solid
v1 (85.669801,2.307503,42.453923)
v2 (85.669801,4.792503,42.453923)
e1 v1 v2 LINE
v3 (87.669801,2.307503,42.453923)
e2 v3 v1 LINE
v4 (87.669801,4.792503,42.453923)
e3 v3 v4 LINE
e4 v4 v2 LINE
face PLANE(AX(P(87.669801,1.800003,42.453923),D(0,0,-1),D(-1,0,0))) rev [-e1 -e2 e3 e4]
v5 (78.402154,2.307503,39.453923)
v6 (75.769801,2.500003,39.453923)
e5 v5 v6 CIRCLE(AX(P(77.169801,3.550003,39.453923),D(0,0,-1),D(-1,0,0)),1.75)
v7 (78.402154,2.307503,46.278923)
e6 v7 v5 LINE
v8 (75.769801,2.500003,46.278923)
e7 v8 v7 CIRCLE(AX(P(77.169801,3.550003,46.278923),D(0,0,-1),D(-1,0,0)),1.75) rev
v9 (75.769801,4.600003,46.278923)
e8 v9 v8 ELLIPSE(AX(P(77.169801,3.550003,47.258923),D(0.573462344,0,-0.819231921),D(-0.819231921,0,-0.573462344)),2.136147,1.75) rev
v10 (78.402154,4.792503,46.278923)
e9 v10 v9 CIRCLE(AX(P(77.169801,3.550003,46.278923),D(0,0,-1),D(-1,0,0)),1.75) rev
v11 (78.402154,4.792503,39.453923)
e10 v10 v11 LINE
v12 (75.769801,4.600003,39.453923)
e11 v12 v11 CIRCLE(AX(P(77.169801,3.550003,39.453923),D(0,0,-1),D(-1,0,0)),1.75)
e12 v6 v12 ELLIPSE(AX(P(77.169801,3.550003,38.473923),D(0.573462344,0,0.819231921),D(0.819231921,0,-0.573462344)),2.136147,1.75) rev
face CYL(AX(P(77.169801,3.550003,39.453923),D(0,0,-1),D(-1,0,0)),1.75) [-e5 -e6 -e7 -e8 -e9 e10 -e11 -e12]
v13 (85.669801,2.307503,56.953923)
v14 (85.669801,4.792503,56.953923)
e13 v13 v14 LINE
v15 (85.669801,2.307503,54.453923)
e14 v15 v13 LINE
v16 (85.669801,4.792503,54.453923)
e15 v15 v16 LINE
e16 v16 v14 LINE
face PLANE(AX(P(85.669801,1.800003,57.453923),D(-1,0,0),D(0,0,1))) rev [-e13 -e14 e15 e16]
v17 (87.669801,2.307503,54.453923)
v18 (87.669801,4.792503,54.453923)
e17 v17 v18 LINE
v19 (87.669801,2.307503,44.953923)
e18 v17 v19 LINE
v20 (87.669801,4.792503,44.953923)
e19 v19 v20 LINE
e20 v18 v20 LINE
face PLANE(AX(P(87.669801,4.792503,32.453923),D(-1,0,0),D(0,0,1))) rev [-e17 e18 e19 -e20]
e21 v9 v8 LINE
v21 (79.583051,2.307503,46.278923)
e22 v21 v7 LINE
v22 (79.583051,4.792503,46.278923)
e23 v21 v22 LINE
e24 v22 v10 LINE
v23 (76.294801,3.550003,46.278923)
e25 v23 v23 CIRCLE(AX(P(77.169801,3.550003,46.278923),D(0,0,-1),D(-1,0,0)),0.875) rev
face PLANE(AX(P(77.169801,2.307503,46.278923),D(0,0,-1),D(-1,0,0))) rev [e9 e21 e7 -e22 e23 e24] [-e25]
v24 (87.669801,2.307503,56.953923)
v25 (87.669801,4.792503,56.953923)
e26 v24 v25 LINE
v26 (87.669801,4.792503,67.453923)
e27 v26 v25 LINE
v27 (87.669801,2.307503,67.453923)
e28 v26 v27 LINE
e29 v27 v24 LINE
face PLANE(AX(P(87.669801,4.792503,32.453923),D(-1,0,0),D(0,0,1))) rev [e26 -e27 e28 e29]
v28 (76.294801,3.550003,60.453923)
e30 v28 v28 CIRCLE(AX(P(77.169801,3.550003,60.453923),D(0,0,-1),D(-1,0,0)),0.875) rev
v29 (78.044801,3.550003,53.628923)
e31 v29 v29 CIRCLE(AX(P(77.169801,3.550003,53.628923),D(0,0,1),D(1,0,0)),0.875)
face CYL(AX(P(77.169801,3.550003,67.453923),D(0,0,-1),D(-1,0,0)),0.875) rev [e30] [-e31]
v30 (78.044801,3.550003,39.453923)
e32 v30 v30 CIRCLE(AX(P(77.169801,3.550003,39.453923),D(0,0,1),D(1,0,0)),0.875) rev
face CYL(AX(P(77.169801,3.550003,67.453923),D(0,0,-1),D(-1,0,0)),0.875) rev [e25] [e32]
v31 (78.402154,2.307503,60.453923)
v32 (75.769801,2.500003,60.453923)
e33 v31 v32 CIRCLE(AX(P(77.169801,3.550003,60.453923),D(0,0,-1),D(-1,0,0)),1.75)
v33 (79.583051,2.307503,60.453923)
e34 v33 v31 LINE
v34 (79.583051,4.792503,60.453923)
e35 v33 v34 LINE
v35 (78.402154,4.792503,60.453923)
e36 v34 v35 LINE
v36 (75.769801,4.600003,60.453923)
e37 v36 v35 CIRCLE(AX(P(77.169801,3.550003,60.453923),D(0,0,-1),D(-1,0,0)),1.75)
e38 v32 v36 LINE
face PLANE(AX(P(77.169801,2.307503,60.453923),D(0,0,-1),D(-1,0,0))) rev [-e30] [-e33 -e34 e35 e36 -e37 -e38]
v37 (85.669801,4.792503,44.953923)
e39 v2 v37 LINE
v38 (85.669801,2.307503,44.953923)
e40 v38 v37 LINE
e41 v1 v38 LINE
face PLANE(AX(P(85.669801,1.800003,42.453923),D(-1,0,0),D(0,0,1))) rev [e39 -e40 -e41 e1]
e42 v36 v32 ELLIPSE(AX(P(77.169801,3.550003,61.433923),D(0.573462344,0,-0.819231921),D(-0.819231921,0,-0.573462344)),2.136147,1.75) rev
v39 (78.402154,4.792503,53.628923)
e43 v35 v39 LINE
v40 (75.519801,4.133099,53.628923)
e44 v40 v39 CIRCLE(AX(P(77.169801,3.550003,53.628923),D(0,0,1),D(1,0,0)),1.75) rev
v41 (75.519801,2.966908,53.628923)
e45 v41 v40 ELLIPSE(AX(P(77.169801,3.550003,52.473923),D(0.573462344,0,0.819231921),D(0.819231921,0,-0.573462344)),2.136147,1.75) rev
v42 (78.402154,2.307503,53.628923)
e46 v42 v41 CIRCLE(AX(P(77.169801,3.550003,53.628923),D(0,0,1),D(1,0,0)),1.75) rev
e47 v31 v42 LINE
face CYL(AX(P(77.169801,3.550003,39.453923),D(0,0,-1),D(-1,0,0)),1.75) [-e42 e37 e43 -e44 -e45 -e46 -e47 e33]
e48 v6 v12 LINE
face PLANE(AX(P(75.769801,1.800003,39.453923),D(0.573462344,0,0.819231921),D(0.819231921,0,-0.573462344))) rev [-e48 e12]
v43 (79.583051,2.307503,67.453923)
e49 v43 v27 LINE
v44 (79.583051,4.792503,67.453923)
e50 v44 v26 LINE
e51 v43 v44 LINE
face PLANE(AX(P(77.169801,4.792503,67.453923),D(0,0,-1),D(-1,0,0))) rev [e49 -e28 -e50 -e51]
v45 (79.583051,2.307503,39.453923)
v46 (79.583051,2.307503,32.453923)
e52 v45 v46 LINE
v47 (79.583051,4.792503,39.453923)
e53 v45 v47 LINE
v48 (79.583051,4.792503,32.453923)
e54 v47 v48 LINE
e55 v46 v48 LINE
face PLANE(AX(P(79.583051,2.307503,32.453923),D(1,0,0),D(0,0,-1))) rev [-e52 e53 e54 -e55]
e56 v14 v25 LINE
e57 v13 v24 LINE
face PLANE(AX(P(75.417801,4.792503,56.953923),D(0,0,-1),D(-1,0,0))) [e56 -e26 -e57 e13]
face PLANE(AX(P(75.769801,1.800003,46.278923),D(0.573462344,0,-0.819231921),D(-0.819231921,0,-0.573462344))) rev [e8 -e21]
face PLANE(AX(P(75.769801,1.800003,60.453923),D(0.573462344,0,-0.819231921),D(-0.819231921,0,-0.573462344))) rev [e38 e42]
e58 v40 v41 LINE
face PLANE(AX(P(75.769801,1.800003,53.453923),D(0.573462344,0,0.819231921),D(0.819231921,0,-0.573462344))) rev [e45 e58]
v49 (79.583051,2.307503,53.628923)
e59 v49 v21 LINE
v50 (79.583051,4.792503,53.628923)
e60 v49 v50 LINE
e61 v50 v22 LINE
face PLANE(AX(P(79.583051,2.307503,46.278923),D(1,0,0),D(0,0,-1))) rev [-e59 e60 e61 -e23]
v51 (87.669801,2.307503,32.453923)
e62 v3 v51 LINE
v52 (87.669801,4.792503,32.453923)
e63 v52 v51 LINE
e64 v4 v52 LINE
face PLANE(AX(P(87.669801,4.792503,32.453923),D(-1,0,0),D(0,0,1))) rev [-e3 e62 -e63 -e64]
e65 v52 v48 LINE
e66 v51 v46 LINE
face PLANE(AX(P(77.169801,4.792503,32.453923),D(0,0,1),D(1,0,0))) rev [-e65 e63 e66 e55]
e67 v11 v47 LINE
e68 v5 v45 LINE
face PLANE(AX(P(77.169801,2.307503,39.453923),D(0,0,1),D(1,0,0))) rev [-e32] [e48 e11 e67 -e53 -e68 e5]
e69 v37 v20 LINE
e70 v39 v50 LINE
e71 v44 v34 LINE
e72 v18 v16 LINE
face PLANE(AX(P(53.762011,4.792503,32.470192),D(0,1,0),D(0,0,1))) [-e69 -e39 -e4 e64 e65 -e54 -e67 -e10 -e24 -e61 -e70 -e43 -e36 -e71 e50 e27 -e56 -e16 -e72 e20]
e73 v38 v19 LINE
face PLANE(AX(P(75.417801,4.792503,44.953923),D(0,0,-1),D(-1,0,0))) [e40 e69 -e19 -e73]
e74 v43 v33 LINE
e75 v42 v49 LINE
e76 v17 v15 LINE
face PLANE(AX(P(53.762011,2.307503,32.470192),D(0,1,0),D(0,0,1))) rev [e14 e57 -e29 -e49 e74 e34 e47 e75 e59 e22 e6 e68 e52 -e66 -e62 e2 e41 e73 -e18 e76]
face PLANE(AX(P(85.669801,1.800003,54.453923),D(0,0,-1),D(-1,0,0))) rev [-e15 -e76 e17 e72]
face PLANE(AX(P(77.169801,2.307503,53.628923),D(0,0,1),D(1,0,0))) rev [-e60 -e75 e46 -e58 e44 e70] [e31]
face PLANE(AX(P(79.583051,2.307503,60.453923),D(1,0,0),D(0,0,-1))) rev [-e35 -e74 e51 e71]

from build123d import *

# Parameters (mm, degrees)
SKETCH5_W                = 30
SKETCH5_H                = 100
BOSS_EXTRUDE2_DEPTH      = 7.1
SKETCH7_W                = 6.895
SKETCH7_H                = 20
SKETCH7_H_2              = 21
CUT_EXTRUDE2_DEPTH       = 140.379819119
SKETCH8_W                = 60
SKETCH8_H                = 5
SPLIT2_SURFACE_1_BACK    = 107.419
SPLIT2_SURFACE_1_DEPTH   = 214.838
SKETCH10_R               = 2.5
CUT_EXTRUDE5_DEPTH       = 20
CUT_EXTRUDE5_DEPTH_BACK  = 67
CUT_EXTRUDE7_DEPTH       = 140.461200617
CUT_EXTRUDE7_DEPTH_BACK  = 140.461200617
SKETCH41_W               = 15.603241914
SKETCH41_H               = 21
CUT_EXTRUDE9_DEPTH       = 140.461200617
CUT_EXTRUDE9_DEPTH_BACK  = 140.461200617
SCALE1_SCALE             = 0.35
SKETCH46_W               = 2
SKETCH46_H               = 3
CUT_EXTRUDE10_DEPTH      = 111.657018213
CUT_EXTRUDE10_DEPTH_BACK = 111.657018213
BOSS_EXTRUDE3_REACH      = 70.762
SKETCH47_W               = 0.5
SKETCH47_H               = 2.485


with BuildPart() as part:
    # Sketch5 → Boss-Extrude2 (new body)
    with BuildSketch(Plane(origin=(0, 0, 0), x_dir=(1, 0, 0), z_dir=(0, 1, 0))):
        with Locations((81.879400831, -49.953517558)):
            Rectangle(SKETCH5_W, SKETCH5_H)
    extrude(amount=BOSS_EXTRUDE2_DEPTH)

    # Sketch7 → Cut-Extrude2 (cut, through all)
    with BuildSketch(Plane(origin=(0, 7.1, 0), x_dir=(1, 0, 0), z_dir=(0, 1, 0))):
        with Locations((70.326900831, -9.953517558)):
            Rectangle(SKETCH7_W, SKETCH7_H)
        with Locations((70.326900831, -49.953517558)):
            Rectangle(SKETCH7_W, SKETCH7_H_2)
        with Locations((70.326900831, -89.953517558)):
            Rectangle(SKETCH7_W, SKETCH7_H)
    extrude(amount=-CUT_EXTRUDE2_DEPTH, mode=Mode.SUBTRACT)

    # Sketch8 → Revolve-Thin2 (revolve)
    with BuildSketch(Plane.ZY.offset(-66.879400831), mode=Mode.PRIVATE) as revolve_thin2_sk:
        with Locations((49.953517558, 6.05)):
            Rectangle(SKETCH8_W, SKETCH8_H)
    revolve(revolve_thin2_sk.sketch.rotate(Axis((66.879400831, 3.55, 19.953517558), (0, 0, 1)), 315.234915329), axis=Axis((66.879400831, 3.55, 19.953517558), (0, 0, 1)))

    # Split2: cut with a surface, the side behind it stays
    # Split2 surface: a surface, the sketch's curves swept straight by 214.838 mm
    with BuildLine(Plane(origin=(0, 7.1, 0), x_dir=(1, 0, 0), z_dir=(0, 1, 0)).offset(-SPLIT2_SURFACE_1_BACK), mode=Mode.PRIVATE) as split2_surface_1_path:
        Line((71.879400831, -39.453517558), (61.879400831, -39.453517558))
        Line((61.879400831, -39.453517558), (61.879400831, -59.953517558))
        Line((61.879400831, -59.953517558), (71.879400831, -59.953517558))
        Line((71.879400831, -59.953517558), (71.879400831, -39.453517558))
    split2_surface_1 = Shell.extrude(split2_surface_1_path.wire(), (0 * SPLIT2_SURFACE_1_DEPTH, 1 * SPLIT2_SURFACE_1_DEPTH, 0 * SPLIT2_SURFACE_1_DEPTH))
    split(bisect_by=split2_surface_1, keep=Keep.BOTTOM)

    # Sketch10 → Cut-Extrude5 (cut, two sides)
    with BuildSketch(Plane.XY.offset(79.953517558)) as cut_extrude5_sk:
        with Locations(Location((66.879400831, 3.55, 0), (0, 0, 180))):
            Circle(SKETCH10_R)
    extrude(amount=CUT_EXTRUDE5_DEPTH, mode=Mode.SUBTRACT)
    extrude(cut_extrude5_sk.sketch, amount=-CUT_EXTRUDE5_DEPTH_BACK, mode=Mode.SUBTRACT)

    # Sketch36 → Cut-Extrude7 (cut, two sides)
    with BuildSketch(Plane(origin=(0, 0, 0), x_dir=(1, 0, 0), z_dir=(0, 1, 0))) as cut_extrude7_sk:
        Polygon((62.879400831, -39.453517558), (61.879400831, -38.753517558), (61.879400831, -39.453517558), align=None)
        Polygon((61.879400831, -59.953517558), (62.879400831, -59.953517558), (61.879400831, -60.653517558), align=None)
        Polygon((62.879400831, -79.953517558), (61.879400831, -79.253517558), (61.879400831, -79.953517558), align=None)
        Polygon((61.879400831, -19.953517558), (62.879400831, -19.953517558), (61.879400831, -20.653517558), align=None)
    extrude(amount=CUT_EXTRUDE7_DEPTH, mode=Mode.SUBTRACT)
    extrude(cut_extrude7_sk.sketch, amount=-CUT_EXTRUDE7_DEPTH_BACK, mode=Mode.SUBTRACT)

    # Sketch41 → Cut-Extrude9 (cut, two sides)
    with BuildSketch(Plane(origin=(0, 7.1, 0), x_dir=(1, 0, 0), z_dir=(0, 1, 0))) as cut_extrude9_sk:
        with Locations((65.972779874, -49.953517558)):
            Rectangle(SKETCH41_W, SKETCH41_H)
    extrude(amount=CUT_EXTRUDE9_DEPTH, mode=Mode.SUBTRACT)
    extrude(cut_extrude9_sk.sketch, amount=-CUT_EXTRUDE9_DEPTH_BACK, mode=Mode.SUBTRACT)


with BuildPart() as part_1:
    # Scale1: scaled about (82.710750678, 3.55, 49.954128315)
    add(part.part.scale(SCALE1_SCALE).moved(Location((53.761987941, 2.3075, 32.470183405))))

    # Sketch46 → Cut-Extrude10 (cut, two sides)
    with BuildSketch(Plane(origin=(0, 4.792503371, 0), x_dir=(1, 0, 0), z_dir=(0, 1, 0))) as cut_extrude10_sk:
        with Locations((86.669801184, -43.953922739)):
            Rectangle(SKETCH46_W, SKETCH46_H)
        with Locations((86.669801184, -55.953922739)):
            Rectangle(SKETCH46_W, SKETCH46_H)
    extrude(amount=CUT_EXTRUDE10_DEPTH, mode=Mode.SUBTRACT)
    extrude(cut_extrude10_sk.sketch, amount=-CUT_EXTRUDE10_DEPTH_BACK, mode=Mode.SUBTRACT)

    # Sketch47 → Boss-Extrude3 (add, up to next)
    with BuildSketch(Plane(origin=(87.669801184, 0, 0), x_dir=(0, 0, -1), z_dir=(1, 0, 0)), mode=Mode.PRIVATE) as boss_extrude3_sk1:
        with Locations((-57.203922739, 3.550003371)):
            Rectangle(SKETCH47_W, SKETCH47_H)
    boss_extrude3_tool1 = extrude(boss_extrude3_sk1.sketch, amount=-BOSS_EXTRUDE3_REACH, mode=Mode.PRIVATE) - part_1.part
    # Sketch47 → Boss-Extrude3 (add, up to next)
    with BuildSketch(Plane(origin=(87.669801184, 0, 0), x_dir=(0, 0, -1), z_dir=(1, 0, 0)), mode=Mode.PRIVATE) as boss_extrude3_sk2:
        with Locations((-45.203922739, 3.550003371)):
            Rectangle(SKETCH47_W, SKETCH47_H)
    boss_extrude3_tool2 = extrude(boss_extrude3_sk2.sketch, amount=-BOSS_EXTRUDE3_REACH, mode=Mode.PRIVATE) - part_1.part
    add(boss_extrude3_tool1.solids().sort_by_distance((87.669801, 3.550003, 57.203923))[0])
    add(boss_extrude3_tool2.solids().sort_by_distance((87.669801, 3.550003, 45.203923))[0])


solid = part_1.part
